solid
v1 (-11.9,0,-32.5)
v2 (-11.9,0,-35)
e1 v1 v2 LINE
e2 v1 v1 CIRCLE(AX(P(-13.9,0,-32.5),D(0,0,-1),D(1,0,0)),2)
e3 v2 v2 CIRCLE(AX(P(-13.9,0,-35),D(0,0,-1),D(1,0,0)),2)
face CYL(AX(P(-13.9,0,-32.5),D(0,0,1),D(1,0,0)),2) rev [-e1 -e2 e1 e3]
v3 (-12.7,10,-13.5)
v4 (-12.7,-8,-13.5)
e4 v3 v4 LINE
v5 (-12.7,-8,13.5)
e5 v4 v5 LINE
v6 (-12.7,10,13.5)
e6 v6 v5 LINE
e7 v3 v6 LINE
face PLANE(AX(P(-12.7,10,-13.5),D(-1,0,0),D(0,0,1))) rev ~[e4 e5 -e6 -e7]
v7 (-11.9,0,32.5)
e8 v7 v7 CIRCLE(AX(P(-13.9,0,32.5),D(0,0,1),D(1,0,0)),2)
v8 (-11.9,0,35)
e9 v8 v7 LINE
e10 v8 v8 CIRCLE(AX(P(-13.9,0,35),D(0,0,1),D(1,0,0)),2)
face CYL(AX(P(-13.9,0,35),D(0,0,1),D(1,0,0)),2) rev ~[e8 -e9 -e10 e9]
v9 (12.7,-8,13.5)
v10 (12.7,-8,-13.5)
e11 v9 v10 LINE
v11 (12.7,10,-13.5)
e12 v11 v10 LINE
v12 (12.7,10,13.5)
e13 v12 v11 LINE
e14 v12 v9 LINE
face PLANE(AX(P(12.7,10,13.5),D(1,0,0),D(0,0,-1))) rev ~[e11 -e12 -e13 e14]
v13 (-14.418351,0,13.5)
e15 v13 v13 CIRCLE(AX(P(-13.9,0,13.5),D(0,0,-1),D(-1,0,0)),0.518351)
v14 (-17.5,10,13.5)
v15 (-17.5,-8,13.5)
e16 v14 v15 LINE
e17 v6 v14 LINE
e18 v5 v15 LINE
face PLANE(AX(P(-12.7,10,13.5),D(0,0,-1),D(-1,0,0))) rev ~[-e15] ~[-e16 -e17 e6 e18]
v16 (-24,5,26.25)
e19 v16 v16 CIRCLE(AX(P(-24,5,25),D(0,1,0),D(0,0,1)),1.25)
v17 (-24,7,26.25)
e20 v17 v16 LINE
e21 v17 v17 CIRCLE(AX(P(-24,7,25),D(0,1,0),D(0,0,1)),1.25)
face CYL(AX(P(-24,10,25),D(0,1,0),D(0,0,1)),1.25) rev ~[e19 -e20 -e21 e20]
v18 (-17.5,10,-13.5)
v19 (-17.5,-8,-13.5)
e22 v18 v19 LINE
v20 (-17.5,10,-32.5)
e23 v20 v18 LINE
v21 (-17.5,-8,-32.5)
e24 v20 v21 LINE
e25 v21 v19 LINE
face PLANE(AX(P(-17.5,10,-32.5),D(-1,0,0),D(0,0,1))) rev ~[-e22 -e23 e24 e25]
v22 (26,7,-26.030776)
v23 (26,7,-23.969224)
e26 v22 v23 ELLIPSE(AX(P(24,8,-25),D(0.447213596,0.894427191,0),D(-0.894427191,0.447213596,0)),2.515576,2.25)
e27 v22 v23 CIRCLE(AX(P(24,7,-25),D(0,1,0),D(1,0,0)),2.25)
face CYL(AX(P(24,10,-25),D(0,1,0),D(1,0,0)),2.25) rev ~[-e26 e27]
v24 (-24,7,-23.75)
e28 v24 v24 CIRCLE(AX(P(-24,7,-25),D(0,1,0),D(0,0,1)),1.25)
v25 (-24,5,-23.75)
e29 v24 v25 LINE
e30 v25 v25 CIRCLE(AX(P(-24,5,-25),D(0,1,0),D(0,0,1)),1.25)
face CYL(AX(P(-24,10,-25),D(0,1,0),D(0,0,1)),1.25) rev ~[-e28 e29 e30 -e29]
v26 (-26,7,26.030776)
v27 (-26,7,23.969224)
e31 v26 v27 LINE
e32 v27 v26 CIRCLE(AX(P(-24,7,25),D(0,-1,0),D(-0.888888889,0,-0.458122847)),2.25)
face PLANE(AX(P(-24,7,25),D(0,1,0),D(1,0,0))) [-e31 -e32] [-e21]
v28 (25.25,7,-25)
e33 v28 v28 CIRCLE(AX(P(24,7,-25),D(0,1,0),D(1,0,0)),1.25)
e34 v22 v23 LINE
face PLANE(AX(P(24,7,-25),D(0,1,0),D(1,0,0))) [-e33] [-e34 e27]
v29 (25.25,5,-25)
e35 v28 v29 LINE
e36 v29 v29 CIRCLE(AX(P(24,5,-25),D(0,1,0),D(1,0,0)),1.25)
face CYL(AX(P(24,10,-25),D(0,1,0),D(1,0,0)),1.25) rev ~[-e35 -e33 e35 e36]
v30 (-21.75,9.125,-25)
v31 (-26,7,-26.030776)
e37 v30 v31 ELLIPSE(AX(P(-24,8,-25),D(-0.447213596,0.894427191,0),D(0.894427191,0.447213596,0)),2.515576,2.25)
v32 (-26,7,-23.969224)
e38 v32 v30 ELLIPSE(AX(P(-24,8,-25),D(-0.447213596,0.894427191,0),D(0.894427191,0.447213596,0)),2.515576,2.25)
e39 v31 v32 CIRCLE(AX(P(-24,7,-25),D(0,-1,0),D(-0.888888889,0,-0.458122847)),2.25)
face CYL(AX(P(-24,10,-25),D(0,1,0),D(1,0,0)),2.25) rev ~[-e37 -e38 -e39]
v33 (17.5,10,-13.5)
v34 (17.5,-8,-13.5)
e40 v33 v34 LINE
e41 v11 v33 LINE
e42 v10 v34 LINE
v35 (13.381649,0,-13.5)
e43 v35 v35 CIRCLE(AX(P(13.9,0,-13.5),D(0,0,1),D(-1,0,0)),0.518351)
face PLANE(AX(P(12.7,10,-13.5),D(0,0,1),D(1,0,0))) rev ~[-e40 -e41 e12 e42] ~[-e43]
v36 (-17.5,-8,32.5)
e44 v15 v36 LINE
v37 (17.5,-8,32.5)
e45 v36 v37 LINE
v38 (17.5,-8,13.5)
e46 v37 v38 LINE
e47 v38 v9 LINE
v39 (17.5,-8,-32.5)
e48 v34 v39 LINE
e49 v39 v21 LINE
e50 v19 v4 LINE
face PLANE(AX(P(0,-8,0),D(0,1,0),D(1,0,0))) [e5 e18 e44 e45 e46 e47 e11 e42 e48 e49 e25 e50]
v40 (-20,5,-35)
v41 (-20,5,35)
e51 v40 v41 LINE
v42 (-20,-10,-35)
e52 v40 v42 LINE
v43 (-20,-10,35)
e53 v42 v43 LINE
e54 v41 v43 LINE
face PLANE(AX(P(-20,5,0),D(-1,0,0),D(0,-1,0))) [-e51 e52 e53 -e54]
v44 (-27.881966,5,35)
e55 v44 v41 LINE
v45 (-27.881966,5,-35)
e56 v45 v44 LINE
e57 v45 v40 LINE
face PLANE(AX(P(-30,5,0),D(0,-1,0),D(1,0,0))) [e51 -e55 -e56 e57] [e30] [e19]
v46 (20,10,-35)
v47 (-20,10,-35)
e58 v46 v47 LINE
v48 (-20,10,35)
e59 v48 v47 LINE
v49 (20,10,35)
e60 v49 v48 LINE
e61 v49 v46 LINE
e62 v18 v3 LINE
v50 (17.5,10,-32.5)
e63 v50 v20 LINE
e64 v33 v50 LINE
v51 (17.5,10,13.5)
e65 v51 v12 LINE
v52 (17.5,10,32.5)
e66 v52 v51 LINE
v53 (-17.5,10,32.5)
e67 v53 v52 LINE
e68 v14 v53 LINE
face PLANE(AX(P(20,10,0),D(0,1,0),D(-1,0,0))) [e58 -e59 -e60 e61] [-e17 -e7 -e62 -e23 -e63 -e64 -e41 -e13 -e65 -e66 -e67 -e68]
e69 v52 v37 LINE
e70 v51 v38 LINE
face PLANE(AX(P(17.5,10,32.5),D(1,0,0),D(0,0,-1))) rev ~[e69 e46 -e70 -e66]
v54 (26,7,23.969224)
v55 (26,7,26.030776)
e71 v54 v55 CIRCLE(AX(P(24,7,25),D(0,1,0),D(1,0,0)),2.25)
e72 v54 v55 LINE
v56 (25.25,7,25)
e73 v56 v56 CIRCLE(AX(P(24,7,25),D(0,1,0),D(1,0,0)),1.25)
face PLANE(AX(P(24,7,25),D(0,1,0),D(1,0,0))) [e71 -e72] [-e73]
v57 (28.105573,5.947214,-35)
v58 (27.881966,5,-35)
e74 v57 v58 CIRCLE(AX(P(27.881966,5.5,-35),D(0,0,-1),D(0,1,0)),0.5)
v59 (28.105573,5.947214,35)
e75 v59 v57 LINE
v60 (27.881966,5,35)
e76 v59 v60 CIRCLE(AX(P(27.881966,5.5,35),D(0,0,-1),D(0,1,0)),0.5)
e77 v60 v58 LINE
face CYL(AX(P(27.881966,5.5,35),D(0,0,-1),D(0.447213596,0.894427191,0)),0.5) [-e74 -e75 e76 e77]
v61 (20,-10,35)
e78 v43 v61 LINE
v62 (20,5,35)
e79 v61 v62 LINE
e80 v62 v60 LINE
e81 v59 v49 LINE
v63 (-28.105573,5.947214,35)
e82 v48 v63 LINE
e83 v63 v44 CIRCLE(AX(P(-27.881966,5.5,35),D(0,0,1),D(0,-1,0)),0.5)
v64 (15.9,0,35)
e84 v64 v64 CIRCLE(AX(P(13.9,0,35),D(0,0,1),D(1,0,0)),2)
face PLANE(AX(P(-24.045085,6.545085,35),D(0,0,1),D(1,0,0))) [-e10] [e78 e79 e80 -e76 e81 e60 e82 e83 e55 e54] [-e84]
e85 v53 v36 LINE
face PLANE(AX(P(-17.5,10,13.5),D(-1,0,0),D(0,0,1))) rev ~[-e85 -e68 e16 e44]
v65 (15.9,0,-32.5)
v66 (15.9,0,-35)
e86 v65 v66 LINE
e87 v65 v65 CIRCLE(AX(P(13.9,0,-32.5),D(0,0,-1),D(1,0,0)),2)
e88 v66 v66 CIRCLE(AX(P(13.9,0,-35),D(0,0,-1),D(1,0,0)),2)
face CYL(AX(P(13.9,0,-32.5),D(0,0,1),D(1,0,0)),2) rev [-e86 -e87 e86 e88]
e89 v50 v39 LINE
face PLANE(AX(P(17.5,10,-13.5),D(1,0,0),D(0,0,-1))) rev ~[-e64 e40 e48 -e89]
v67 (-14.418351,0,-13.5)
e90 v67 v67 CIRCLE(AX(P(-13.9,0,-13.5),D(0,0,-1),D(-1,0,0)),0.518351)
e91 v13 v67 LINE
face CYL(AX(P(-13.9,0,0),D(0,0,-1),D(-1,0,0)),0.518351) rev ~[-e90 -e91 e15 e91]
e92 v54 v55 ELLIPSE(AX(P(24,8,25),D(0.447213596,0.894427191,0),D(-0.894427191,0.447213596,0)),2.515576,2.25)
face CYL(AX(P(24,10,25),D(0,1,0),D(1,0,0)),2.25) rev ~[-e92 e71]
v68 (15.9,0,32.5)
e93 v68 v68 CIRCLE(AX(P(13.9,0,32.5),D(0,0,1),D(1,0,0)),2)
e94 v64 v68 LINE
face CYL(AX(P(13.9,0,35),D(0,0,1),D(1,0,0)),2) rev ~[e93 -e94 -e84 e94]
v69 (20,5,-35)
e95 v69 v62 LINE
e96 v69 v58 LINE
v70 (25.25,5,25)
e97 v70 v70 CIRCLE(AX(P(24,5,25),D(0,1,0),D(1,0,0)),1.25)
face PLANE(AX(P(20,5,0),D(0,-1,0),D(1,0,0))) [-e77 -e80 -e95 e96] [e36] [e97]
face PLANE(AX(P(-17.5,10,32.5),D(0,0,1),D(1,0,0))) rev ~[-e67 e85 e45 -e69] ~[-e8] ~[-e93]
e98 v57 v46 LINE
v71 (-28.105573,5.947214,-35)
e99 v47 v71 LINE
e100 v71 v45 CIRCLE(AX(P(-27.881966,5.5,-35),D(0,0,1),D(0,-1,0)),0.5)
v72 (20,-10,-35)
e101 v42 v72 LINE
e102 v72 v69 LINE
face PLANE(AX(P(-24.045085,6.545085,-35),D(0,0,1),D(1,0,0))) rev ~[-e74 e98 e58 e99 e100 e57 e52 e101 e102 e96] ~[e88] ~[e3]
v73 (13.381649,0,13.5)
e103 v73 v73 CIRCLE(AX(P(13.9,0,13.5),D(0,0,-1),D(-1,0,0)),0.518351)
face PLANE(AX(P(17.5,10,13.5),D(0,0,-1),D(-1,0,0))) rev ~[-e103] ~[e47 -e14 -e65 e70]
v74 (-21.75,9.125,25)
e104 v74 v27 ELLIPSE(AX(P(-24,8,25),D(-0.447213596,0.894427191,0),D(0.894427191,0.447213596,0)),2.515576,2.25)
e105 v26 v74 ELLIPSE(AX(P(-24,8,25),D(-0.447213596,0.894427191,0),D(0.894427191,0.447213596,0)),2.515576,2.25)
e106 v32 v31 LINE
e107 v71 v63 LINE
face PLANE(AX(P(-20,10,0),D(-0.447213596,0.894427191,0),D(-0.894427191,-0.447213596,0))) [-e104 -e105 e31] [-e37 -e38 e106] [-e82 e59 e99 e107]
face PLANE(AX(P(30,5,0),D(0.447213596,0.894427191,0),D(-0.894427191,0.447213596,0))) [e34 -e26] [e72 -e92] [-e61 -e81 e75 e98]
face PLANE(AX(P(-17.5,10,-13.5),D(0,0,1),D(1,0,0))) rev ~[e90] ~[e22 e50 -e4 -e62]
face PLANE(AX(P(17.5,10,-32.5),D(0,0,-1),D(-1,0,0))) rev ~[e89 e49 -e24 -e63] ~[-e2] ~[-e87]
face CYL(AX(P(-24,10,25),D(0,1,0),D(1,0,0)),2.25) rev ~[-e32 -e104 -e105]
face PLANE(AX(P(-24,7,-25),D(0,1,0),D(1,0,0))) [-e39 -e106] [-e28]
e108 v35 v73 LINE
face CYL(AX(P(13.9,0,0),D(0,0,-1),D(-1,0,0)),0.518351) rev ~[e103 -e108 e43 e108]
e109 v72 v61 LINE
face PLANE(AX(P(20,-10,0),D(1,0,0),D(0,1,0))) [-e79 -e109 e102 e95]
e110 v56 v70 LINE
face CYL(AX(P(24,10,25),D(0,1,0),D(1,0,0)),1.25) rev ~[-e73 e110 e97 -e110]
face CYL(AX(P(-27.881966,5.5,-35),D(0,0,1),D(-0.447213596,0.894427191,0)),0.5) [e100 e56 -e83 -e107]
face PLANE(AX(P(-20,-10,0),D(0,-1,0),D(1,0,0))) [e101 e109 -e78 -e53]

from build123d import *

# Parameters (mm, degrees)
BOSS_EXTRUDE1_DEPTH = 35
CUT_EXTRUDE1_DEPTH  = 18
SKETCH3_R           = 1.25
CUT_EXTRUDE2_DEPTH  = 51.249378106
SKETCH5_R           = 0.518350726
CUT_EXTRUDE5_DEPTH  = 30
FILLET2_R           = 0.5
SKETCH7_R           = 2.25
CUT_EXTRUDE6_DEPTH  = 3
SKETCH8_R           = 2
CUT_EXTRUDE7_DEPTH  = 2.5
CUT_EXTRUDE8_START  = -2.5
SKETCH9_R           = 2
CUT_EXTRUDE8_DEPTH  = 2.5


with BuildPart() as part:
    # Sketch1 → Boss-Extrude1 (new, symmetric)
    with BuildSketch(Plane.XY):
        Polygon((-20, 5), (-20, 10), (-30, 5), align=None)
        Polygon((20, 10), (-20, 10), (-20, 5), (-20, -10), (20, -10), (20, 5), align=None)
        Polygon((30, 5), (20, 10), (20, 5), align=None)
    extrude(amount=BOSS_EXTRUDE1_DEPTH, both=True)

    # Sketch2 → Cut-Extrude1 (cut)
    with BuildSketch(Plane(origin=(0, 10, 0), x_dir=(1, 0, 0), z_dir=(0, 1, 0))):
        Polygon((-17.5, -13.5), (-17.5, -32.5), (17.5, -32.5), (17.5, -13.5), (12.7, -13.5), (12.7, 13.5), (17.5, 13.5), (17.5, 32.5), (-17.5, 32.5), (-17.5, 13.5), (-12.7, 13.5), (-12.7, -13.5), align=None)
    extrude(amount=-CUT_EXTRUDE1_DEPTH, mode=Mode.SUBTRACT)

    # Sketch3 → Cut-Extrude2 (cut, through all)
    with BuildSketch(Plane(origin=(0, 10, 0), x_dir=(1, 0, 0), z_dir=(0, 1, 0))):
        with Locations(Location((-24, 25, 0), (0, 0, 270))):
            Circle(SKETCH3_R)
        with Locations(Location((-24, -25, 0), (0, 0, 270))):
            Circle(SKETCH3_R)
        with Locations((24, 25)):
            Circle(SKETCH3_R)
        with Locations((24, -25)):
            Circle(SKETCH3_R)
    extrude(amount=-CUT_EXTRUDE2_DEPTH, mode=Mode.SUBTRACT)

    # Sketch5 → Cut-Extrude5 (cut, symmetric)
    with BuildSketch(Plane(origin=(0, 0, 0), x_dir=(-1, 0, 0), z_dir=(0, 0, -1))):
        with Locations((-13.9, 0)):
            Circle(SKETCH5_R)
        with Locations((13.9, 0)):
            Circle(SKETCH5_R)
    extrude(amount=CUT_EXTRUDE5_DEPTH, both=True, mode=Mode.SUBTRACT)

    # Fillet2
    fillet2_edges = [part.edges().sort_by_distance(p)[0] for p in [
        (-30, 5, 0),
        (30, 5, 0),
    ]]
    fillet(fillet2_edges, radius=FILLET2_R)

    # Sketch7 → Cut-Extrude6 (cut)
    with BuildSketch(Plane(origin=(0, 10, 0), x_dir=(1, 0, 0), z_dir=(0, 1, 0))):
        with Locations((-24, 25)):
            Circle(SKETCH7_R)
        with Locations((24, 25)):
            Circle(SKETCH7_R)
        with Locations((-24, -25)):
            Circle(SKETCH7_R)
        with Locations((24, -25)):
            Circle(SKETCH7_R)
    extrude(amount=-CUT_EXTRUDE6_DEPTH, mode=Mode.SUBTRACT)

    # Sketch8 → Cut-Extrude7 (cut)
    with BuildSketch(Plane.XY.offset(35)):
        with Locations((-13.9, 0)):
            Circle(SKETCH8_R)
        with Locations((13.9, 0)):
            Circle(SKETCH8_R)
    extrude(amount=-CUT_EXTRUDE7_DEPTH, mode=Mode.SUBTRACT)

    # Sketch9 → Cut-Extrude8 (cut)
    with BuildSketch(Plane(origin=(0, 0, -35), x_dir=(-1, 0, 0), z_dir=(0, 0, -1)).offset(CUT_EXTRUDE8_START)):
        with Locations(Location((13.9, 0, 0), (0, 0, 180))):
            Circle(SKETCH9_R)
        with Locations(Location((-13.9, 0, 0), (0, 0, 180))):
            Circle(SKETCH9_R)
    extrude(amount=CUT_EXTRUDE8_DEPTH, mode=Mode.SUBTRACT)


solid = part.part
